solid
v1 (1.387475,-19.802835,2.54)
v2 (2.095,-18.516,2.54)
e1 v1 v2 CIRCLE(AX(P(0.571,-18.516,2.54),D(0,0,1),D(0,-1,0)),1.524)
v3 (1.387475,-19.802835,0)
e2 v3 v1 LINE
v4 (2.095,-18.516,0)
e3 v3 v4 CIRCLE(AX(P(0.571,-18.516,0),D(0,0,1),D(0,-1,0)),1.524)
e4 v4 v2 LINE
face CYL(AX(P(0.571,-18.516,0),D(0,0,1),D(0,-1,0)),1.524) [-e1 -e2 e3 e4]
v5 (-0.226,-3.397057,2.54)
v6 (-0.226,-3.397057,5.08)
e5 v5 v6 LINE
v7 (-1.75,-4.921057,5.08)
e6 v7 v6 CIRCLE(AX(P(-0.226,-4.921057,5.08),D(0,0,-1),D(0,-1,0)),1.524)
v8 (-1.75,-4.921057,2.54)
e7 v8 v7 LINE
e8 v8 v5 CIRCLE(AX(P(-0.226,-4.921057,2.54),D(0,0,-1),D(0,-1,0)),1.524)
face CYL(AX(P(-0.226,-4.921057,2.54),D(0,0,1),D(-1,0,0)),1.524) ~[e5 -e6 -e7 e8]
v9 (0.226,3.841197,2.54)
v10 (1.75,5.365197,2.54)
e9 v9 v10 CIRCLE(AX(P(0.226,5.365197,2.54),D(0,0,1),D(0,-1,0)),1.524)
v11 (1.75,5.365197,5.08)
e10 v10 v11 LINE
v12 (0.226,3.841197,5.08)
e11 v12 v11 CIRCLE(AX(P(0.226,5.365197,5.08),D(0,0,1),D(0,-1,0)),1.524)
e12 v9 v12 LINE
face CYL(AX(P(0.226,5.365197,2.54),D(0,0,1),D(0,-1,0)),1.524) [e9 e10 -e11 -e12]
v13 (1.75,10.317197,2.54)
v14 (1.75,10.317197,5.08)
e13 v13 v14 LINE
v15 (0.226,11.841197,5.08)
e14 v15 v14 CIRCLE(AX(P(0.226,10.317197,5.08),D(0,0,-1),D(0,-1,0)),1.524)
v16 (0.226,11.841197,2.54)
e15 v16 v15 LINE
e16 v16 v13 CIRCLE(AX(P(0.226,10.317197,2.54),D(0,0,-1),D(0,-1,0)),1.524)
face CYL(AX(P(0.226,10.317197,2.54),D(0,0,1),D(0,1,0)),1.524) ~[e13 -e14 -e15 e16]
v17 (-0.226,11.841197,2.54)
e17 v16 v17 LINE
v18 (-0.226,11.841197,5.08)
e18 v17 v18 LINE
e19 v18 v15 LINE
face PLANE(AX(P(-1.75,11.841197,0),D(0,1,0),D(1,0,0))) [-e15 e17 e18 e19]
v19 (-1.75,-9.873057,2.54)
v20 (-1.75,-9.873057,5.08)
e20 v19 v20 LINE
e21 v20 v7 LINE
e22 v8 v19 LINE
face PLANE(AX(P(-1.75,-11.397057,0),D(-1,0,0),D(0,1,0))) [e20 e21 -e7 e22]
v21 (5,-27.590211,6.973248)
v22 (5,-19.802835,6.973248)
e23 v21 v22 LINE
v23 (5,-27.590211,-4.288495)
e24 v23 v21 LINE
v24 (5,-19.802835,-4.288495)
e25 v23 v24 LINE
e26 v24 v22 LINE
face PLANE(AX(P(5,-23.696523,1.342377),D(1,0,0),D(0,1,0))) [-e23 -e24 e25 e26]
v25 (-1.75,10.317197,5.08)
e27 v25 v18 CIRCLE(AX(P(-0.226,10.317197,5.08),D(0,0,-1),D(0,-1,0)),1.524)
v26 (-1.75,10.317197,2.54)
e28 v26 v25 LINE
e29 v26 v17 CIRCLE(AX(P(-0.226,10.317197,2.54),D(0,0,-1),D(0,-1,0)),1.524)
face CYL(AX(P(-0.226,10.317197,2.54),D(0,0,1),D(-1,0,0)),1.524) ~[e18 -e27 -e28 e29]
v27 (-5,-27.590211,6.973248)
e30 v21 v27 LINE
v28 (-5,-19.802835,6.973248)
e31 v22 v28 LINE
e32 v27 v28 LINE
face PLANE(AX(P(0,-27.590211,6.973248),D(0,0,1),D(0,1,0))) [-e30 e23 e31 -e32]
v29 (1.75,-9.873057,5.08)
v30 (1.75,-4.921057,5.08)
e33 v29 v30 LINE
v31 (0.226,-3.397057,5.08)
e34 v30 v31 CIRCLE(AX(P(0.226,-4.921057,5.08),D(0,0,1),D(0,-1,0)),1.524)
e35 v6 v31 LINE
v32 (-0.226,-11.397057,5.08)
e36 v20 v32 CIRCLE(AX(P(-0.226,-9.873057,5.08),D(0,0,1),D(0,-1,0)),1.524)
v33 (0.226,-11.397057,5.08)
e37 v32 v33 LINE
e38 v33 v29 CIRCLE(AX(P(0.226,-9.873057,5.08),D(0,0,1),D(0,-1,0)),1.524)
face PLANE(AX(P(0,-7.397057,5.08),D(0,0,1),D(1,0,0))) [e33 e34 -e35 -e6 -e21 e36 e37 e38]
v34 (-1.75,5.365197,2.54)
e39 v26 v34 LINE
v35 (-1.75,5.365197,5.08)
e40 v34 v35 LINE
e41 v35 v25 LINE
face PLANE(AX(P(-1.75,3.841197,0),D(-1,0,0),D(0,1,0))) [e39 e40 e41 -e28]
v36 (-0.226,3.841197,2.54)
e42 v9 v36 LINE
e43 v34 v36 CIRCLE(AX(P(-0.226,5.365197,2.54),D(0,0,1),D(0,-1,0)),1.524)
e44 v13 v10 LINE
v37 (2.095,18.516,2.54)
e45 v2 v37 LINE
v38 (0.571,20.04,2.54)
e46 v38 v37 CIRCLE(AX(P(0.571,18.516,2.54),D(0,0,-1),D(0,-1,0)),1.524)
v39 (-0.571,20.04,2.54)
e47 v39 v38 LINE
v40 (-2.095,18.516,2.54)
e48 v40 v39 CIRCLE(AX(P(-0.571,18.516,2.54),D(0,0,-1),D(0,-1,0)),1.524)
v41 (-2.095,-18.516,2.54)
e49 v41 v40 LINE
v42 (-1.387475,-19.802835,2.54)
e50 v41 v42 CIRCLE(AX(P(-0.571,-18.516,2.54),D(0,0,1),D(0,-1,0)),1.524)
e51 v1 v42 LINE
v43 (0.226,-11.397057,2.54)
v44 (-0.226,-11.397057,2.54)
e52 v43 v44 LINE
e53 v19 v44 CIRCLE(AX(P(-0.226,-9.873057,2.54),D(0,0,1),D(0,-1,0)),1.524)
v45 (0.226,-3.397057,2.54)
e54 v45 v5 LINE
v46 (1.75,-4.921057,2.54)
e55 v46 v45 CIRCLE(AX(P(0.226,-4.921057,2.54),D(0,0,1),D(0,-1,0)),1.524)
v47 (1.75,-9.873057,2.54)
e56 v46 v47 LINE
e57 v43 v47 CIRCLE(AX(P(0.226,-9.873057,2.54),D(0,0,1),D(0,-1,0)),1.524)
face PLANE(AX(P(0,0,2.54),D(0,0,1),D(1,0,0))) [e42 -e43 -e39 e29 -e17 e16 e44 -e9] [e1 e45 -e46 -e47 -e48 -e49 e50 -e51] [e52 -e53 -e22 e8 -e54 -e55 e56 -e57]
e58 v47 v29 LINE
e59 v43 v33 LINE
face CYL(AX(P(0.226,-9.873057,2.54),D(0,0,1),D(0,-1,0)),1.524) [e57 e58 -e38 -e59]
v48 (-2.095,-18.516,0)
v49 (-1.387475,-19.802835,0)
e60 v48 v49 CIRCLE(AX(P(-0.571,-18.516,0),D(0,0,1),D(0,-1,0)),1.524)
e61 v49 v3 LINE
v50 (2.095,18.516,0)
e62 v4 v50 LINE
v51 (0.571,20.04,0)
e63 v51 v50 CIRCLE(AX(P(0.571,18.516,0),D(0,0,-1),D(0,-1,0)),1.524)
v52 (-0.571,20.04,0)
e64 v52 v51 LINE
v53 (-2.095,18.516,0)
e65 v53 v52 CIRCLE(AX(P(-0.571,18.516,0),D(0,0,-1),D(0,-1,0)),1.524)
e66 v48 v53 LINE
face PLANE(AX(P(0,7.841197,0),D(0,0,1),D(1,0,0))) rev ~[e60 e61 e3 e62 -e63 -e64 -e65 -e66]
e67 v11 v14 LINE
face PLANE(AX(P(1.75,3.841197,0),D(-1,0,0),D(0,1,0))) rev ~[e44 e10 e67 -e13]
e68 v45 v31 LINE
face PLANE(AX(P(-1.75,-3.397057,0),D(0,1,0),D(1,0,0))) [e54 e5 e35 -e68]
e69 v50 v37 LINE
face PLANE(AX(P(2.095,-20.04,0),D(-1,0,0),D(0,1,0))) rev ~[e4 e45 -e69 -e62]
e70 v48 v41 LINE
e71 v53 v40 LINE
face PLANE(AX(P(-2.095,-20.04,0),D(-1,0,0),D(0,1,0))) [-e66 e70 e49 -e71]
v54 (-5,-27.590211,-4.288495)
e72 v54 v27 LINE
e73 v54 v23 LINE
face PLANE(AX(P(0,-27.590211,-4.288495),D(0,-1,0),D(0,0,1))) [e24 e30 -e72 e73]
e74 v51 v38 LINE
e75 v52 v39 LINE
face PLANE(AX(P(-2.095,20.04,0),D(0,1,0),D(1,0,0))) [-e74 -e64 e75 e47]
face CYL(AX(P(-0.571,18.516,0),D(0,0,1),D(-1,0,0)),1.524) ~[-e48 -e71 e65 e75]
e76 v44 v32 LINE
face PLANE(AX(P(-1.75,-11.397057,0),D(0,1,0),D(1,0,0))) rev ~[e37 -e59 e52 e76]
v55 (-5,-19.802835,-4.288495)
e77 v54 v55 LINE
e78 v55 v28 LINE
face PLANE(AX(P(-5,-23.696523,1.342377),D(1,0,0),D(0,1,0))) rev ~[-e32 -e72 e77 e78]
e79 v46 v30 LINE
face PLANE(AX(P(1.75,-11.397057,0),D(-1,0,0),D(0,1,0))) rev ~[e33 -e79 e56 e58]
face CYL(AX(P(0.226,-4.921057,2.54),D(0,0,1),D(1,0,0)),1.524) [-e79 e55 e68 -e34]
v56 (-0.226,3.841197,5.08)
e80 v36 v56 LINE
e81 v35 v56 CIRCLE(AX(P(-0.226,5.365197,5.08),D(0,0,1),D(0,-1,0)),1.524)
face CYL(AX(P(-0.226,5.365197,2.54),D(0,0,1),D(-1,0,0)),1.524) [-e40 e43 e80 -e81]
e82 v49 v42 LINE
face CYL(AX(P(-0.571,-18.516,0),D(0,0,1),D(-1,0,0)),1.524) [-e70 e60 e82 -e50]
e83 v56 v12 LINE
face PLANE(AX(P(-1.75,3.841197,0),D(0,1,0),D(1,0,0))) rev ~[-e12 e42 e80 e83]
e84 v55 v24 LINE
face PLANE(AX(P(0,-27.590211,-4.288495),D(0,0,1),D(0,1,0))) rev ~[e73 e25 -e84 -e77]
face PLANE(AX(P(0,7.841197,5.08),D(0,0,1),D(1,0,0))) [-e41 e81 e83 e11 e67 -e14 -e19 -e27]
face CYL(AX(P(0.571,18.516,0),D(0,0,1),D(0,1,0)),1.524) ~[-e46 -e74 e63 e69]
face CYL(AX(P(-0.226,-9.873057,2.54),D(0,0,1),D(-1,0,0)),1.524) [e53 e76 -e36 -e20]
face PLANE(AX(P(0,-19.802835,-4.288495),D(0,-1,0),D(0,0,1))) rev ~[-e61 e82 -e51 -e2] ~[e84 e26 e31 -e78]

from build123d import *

# Parameters (mm, degrees)
F0_W          = 4.19
F0_H          = 40.08
F2_DEPTH      = 2.54
F1_W          = 3.5
F1_H          = 8
F3_DEPTH      = 5.08
F4_R          = 1.524
F5_R          = 1.524
F6_R          = 1.524
F7_W          = 7.7873766422
F7_H          = 11.2617432605
F8_DEPTH      = 5
F8_DEPTH_BACK = 5


with BuildPart() as f2:
    # F0 (on Top) → F2 (new body)
    with BuildSketch(Plane.XY):
        Rectangle(F0_W, F0_H)
    extrude(amount=F2_DEPTH)

    # F1 (on Top) → F3 (join)
    with BuildSketch(Plane.XY):
        with Locations((0, 7.8411972237)):
            Rectangle(F1_W, F1_H)
        with Locations((0, -7.3970568238)):
            Rectangle(F1_W, F1_H)
    extrude(amount=F3_DEPTH)

    # F4
    f4_edges = [f2.edges().sort_by_distance(p)[0] for p in [
        (-1.75, 11.841197, 3.81),
    ]]
    fillet(f4_edges, radius=F4_R)

    # F5
    f5_edges = [f2.edges().sort_by_distance(p)[0] for p in [
        (1.75, 11.841197, 3.81),
        (1.75, 3.841197, 3.81),
        (1.75, -3.397057, 3.81),
        (1.75, -11.397057, 3.81),
        (-1.75, 3.841197, 3.81),
        (-1.75, -11.397057, 3.81),
        (-1.75, -3.397057, 3.81),
    ]]
    fillet(f5_edges, radius=F5_R)

    # F6
    f6_edges = [f2.edges().sort_by_distance(p)[0] for p in [
        (-2.095, 20.04, 1.27),
        (2.095, 20.04, 1.27),
        (2.095, -20.04, 1.27),
        (-2.095, -20.04, 1.27),
    ]]
    fillet(f6_edges, radius=F6_R)

    # F7 (on Right) → F8 (join, two sides)
    with BuildSketch(Plane.YZ) as f8_sk:
        with Locations((-23.6965231597, 1.3423765777)):
            Rectangle(F7_W, F7_H)
    extrude(amount=-F8_DEPTH)
    extrude(f8_sk.sketch, amount=F8_DEPTH_BACK)


solid = f2.part
